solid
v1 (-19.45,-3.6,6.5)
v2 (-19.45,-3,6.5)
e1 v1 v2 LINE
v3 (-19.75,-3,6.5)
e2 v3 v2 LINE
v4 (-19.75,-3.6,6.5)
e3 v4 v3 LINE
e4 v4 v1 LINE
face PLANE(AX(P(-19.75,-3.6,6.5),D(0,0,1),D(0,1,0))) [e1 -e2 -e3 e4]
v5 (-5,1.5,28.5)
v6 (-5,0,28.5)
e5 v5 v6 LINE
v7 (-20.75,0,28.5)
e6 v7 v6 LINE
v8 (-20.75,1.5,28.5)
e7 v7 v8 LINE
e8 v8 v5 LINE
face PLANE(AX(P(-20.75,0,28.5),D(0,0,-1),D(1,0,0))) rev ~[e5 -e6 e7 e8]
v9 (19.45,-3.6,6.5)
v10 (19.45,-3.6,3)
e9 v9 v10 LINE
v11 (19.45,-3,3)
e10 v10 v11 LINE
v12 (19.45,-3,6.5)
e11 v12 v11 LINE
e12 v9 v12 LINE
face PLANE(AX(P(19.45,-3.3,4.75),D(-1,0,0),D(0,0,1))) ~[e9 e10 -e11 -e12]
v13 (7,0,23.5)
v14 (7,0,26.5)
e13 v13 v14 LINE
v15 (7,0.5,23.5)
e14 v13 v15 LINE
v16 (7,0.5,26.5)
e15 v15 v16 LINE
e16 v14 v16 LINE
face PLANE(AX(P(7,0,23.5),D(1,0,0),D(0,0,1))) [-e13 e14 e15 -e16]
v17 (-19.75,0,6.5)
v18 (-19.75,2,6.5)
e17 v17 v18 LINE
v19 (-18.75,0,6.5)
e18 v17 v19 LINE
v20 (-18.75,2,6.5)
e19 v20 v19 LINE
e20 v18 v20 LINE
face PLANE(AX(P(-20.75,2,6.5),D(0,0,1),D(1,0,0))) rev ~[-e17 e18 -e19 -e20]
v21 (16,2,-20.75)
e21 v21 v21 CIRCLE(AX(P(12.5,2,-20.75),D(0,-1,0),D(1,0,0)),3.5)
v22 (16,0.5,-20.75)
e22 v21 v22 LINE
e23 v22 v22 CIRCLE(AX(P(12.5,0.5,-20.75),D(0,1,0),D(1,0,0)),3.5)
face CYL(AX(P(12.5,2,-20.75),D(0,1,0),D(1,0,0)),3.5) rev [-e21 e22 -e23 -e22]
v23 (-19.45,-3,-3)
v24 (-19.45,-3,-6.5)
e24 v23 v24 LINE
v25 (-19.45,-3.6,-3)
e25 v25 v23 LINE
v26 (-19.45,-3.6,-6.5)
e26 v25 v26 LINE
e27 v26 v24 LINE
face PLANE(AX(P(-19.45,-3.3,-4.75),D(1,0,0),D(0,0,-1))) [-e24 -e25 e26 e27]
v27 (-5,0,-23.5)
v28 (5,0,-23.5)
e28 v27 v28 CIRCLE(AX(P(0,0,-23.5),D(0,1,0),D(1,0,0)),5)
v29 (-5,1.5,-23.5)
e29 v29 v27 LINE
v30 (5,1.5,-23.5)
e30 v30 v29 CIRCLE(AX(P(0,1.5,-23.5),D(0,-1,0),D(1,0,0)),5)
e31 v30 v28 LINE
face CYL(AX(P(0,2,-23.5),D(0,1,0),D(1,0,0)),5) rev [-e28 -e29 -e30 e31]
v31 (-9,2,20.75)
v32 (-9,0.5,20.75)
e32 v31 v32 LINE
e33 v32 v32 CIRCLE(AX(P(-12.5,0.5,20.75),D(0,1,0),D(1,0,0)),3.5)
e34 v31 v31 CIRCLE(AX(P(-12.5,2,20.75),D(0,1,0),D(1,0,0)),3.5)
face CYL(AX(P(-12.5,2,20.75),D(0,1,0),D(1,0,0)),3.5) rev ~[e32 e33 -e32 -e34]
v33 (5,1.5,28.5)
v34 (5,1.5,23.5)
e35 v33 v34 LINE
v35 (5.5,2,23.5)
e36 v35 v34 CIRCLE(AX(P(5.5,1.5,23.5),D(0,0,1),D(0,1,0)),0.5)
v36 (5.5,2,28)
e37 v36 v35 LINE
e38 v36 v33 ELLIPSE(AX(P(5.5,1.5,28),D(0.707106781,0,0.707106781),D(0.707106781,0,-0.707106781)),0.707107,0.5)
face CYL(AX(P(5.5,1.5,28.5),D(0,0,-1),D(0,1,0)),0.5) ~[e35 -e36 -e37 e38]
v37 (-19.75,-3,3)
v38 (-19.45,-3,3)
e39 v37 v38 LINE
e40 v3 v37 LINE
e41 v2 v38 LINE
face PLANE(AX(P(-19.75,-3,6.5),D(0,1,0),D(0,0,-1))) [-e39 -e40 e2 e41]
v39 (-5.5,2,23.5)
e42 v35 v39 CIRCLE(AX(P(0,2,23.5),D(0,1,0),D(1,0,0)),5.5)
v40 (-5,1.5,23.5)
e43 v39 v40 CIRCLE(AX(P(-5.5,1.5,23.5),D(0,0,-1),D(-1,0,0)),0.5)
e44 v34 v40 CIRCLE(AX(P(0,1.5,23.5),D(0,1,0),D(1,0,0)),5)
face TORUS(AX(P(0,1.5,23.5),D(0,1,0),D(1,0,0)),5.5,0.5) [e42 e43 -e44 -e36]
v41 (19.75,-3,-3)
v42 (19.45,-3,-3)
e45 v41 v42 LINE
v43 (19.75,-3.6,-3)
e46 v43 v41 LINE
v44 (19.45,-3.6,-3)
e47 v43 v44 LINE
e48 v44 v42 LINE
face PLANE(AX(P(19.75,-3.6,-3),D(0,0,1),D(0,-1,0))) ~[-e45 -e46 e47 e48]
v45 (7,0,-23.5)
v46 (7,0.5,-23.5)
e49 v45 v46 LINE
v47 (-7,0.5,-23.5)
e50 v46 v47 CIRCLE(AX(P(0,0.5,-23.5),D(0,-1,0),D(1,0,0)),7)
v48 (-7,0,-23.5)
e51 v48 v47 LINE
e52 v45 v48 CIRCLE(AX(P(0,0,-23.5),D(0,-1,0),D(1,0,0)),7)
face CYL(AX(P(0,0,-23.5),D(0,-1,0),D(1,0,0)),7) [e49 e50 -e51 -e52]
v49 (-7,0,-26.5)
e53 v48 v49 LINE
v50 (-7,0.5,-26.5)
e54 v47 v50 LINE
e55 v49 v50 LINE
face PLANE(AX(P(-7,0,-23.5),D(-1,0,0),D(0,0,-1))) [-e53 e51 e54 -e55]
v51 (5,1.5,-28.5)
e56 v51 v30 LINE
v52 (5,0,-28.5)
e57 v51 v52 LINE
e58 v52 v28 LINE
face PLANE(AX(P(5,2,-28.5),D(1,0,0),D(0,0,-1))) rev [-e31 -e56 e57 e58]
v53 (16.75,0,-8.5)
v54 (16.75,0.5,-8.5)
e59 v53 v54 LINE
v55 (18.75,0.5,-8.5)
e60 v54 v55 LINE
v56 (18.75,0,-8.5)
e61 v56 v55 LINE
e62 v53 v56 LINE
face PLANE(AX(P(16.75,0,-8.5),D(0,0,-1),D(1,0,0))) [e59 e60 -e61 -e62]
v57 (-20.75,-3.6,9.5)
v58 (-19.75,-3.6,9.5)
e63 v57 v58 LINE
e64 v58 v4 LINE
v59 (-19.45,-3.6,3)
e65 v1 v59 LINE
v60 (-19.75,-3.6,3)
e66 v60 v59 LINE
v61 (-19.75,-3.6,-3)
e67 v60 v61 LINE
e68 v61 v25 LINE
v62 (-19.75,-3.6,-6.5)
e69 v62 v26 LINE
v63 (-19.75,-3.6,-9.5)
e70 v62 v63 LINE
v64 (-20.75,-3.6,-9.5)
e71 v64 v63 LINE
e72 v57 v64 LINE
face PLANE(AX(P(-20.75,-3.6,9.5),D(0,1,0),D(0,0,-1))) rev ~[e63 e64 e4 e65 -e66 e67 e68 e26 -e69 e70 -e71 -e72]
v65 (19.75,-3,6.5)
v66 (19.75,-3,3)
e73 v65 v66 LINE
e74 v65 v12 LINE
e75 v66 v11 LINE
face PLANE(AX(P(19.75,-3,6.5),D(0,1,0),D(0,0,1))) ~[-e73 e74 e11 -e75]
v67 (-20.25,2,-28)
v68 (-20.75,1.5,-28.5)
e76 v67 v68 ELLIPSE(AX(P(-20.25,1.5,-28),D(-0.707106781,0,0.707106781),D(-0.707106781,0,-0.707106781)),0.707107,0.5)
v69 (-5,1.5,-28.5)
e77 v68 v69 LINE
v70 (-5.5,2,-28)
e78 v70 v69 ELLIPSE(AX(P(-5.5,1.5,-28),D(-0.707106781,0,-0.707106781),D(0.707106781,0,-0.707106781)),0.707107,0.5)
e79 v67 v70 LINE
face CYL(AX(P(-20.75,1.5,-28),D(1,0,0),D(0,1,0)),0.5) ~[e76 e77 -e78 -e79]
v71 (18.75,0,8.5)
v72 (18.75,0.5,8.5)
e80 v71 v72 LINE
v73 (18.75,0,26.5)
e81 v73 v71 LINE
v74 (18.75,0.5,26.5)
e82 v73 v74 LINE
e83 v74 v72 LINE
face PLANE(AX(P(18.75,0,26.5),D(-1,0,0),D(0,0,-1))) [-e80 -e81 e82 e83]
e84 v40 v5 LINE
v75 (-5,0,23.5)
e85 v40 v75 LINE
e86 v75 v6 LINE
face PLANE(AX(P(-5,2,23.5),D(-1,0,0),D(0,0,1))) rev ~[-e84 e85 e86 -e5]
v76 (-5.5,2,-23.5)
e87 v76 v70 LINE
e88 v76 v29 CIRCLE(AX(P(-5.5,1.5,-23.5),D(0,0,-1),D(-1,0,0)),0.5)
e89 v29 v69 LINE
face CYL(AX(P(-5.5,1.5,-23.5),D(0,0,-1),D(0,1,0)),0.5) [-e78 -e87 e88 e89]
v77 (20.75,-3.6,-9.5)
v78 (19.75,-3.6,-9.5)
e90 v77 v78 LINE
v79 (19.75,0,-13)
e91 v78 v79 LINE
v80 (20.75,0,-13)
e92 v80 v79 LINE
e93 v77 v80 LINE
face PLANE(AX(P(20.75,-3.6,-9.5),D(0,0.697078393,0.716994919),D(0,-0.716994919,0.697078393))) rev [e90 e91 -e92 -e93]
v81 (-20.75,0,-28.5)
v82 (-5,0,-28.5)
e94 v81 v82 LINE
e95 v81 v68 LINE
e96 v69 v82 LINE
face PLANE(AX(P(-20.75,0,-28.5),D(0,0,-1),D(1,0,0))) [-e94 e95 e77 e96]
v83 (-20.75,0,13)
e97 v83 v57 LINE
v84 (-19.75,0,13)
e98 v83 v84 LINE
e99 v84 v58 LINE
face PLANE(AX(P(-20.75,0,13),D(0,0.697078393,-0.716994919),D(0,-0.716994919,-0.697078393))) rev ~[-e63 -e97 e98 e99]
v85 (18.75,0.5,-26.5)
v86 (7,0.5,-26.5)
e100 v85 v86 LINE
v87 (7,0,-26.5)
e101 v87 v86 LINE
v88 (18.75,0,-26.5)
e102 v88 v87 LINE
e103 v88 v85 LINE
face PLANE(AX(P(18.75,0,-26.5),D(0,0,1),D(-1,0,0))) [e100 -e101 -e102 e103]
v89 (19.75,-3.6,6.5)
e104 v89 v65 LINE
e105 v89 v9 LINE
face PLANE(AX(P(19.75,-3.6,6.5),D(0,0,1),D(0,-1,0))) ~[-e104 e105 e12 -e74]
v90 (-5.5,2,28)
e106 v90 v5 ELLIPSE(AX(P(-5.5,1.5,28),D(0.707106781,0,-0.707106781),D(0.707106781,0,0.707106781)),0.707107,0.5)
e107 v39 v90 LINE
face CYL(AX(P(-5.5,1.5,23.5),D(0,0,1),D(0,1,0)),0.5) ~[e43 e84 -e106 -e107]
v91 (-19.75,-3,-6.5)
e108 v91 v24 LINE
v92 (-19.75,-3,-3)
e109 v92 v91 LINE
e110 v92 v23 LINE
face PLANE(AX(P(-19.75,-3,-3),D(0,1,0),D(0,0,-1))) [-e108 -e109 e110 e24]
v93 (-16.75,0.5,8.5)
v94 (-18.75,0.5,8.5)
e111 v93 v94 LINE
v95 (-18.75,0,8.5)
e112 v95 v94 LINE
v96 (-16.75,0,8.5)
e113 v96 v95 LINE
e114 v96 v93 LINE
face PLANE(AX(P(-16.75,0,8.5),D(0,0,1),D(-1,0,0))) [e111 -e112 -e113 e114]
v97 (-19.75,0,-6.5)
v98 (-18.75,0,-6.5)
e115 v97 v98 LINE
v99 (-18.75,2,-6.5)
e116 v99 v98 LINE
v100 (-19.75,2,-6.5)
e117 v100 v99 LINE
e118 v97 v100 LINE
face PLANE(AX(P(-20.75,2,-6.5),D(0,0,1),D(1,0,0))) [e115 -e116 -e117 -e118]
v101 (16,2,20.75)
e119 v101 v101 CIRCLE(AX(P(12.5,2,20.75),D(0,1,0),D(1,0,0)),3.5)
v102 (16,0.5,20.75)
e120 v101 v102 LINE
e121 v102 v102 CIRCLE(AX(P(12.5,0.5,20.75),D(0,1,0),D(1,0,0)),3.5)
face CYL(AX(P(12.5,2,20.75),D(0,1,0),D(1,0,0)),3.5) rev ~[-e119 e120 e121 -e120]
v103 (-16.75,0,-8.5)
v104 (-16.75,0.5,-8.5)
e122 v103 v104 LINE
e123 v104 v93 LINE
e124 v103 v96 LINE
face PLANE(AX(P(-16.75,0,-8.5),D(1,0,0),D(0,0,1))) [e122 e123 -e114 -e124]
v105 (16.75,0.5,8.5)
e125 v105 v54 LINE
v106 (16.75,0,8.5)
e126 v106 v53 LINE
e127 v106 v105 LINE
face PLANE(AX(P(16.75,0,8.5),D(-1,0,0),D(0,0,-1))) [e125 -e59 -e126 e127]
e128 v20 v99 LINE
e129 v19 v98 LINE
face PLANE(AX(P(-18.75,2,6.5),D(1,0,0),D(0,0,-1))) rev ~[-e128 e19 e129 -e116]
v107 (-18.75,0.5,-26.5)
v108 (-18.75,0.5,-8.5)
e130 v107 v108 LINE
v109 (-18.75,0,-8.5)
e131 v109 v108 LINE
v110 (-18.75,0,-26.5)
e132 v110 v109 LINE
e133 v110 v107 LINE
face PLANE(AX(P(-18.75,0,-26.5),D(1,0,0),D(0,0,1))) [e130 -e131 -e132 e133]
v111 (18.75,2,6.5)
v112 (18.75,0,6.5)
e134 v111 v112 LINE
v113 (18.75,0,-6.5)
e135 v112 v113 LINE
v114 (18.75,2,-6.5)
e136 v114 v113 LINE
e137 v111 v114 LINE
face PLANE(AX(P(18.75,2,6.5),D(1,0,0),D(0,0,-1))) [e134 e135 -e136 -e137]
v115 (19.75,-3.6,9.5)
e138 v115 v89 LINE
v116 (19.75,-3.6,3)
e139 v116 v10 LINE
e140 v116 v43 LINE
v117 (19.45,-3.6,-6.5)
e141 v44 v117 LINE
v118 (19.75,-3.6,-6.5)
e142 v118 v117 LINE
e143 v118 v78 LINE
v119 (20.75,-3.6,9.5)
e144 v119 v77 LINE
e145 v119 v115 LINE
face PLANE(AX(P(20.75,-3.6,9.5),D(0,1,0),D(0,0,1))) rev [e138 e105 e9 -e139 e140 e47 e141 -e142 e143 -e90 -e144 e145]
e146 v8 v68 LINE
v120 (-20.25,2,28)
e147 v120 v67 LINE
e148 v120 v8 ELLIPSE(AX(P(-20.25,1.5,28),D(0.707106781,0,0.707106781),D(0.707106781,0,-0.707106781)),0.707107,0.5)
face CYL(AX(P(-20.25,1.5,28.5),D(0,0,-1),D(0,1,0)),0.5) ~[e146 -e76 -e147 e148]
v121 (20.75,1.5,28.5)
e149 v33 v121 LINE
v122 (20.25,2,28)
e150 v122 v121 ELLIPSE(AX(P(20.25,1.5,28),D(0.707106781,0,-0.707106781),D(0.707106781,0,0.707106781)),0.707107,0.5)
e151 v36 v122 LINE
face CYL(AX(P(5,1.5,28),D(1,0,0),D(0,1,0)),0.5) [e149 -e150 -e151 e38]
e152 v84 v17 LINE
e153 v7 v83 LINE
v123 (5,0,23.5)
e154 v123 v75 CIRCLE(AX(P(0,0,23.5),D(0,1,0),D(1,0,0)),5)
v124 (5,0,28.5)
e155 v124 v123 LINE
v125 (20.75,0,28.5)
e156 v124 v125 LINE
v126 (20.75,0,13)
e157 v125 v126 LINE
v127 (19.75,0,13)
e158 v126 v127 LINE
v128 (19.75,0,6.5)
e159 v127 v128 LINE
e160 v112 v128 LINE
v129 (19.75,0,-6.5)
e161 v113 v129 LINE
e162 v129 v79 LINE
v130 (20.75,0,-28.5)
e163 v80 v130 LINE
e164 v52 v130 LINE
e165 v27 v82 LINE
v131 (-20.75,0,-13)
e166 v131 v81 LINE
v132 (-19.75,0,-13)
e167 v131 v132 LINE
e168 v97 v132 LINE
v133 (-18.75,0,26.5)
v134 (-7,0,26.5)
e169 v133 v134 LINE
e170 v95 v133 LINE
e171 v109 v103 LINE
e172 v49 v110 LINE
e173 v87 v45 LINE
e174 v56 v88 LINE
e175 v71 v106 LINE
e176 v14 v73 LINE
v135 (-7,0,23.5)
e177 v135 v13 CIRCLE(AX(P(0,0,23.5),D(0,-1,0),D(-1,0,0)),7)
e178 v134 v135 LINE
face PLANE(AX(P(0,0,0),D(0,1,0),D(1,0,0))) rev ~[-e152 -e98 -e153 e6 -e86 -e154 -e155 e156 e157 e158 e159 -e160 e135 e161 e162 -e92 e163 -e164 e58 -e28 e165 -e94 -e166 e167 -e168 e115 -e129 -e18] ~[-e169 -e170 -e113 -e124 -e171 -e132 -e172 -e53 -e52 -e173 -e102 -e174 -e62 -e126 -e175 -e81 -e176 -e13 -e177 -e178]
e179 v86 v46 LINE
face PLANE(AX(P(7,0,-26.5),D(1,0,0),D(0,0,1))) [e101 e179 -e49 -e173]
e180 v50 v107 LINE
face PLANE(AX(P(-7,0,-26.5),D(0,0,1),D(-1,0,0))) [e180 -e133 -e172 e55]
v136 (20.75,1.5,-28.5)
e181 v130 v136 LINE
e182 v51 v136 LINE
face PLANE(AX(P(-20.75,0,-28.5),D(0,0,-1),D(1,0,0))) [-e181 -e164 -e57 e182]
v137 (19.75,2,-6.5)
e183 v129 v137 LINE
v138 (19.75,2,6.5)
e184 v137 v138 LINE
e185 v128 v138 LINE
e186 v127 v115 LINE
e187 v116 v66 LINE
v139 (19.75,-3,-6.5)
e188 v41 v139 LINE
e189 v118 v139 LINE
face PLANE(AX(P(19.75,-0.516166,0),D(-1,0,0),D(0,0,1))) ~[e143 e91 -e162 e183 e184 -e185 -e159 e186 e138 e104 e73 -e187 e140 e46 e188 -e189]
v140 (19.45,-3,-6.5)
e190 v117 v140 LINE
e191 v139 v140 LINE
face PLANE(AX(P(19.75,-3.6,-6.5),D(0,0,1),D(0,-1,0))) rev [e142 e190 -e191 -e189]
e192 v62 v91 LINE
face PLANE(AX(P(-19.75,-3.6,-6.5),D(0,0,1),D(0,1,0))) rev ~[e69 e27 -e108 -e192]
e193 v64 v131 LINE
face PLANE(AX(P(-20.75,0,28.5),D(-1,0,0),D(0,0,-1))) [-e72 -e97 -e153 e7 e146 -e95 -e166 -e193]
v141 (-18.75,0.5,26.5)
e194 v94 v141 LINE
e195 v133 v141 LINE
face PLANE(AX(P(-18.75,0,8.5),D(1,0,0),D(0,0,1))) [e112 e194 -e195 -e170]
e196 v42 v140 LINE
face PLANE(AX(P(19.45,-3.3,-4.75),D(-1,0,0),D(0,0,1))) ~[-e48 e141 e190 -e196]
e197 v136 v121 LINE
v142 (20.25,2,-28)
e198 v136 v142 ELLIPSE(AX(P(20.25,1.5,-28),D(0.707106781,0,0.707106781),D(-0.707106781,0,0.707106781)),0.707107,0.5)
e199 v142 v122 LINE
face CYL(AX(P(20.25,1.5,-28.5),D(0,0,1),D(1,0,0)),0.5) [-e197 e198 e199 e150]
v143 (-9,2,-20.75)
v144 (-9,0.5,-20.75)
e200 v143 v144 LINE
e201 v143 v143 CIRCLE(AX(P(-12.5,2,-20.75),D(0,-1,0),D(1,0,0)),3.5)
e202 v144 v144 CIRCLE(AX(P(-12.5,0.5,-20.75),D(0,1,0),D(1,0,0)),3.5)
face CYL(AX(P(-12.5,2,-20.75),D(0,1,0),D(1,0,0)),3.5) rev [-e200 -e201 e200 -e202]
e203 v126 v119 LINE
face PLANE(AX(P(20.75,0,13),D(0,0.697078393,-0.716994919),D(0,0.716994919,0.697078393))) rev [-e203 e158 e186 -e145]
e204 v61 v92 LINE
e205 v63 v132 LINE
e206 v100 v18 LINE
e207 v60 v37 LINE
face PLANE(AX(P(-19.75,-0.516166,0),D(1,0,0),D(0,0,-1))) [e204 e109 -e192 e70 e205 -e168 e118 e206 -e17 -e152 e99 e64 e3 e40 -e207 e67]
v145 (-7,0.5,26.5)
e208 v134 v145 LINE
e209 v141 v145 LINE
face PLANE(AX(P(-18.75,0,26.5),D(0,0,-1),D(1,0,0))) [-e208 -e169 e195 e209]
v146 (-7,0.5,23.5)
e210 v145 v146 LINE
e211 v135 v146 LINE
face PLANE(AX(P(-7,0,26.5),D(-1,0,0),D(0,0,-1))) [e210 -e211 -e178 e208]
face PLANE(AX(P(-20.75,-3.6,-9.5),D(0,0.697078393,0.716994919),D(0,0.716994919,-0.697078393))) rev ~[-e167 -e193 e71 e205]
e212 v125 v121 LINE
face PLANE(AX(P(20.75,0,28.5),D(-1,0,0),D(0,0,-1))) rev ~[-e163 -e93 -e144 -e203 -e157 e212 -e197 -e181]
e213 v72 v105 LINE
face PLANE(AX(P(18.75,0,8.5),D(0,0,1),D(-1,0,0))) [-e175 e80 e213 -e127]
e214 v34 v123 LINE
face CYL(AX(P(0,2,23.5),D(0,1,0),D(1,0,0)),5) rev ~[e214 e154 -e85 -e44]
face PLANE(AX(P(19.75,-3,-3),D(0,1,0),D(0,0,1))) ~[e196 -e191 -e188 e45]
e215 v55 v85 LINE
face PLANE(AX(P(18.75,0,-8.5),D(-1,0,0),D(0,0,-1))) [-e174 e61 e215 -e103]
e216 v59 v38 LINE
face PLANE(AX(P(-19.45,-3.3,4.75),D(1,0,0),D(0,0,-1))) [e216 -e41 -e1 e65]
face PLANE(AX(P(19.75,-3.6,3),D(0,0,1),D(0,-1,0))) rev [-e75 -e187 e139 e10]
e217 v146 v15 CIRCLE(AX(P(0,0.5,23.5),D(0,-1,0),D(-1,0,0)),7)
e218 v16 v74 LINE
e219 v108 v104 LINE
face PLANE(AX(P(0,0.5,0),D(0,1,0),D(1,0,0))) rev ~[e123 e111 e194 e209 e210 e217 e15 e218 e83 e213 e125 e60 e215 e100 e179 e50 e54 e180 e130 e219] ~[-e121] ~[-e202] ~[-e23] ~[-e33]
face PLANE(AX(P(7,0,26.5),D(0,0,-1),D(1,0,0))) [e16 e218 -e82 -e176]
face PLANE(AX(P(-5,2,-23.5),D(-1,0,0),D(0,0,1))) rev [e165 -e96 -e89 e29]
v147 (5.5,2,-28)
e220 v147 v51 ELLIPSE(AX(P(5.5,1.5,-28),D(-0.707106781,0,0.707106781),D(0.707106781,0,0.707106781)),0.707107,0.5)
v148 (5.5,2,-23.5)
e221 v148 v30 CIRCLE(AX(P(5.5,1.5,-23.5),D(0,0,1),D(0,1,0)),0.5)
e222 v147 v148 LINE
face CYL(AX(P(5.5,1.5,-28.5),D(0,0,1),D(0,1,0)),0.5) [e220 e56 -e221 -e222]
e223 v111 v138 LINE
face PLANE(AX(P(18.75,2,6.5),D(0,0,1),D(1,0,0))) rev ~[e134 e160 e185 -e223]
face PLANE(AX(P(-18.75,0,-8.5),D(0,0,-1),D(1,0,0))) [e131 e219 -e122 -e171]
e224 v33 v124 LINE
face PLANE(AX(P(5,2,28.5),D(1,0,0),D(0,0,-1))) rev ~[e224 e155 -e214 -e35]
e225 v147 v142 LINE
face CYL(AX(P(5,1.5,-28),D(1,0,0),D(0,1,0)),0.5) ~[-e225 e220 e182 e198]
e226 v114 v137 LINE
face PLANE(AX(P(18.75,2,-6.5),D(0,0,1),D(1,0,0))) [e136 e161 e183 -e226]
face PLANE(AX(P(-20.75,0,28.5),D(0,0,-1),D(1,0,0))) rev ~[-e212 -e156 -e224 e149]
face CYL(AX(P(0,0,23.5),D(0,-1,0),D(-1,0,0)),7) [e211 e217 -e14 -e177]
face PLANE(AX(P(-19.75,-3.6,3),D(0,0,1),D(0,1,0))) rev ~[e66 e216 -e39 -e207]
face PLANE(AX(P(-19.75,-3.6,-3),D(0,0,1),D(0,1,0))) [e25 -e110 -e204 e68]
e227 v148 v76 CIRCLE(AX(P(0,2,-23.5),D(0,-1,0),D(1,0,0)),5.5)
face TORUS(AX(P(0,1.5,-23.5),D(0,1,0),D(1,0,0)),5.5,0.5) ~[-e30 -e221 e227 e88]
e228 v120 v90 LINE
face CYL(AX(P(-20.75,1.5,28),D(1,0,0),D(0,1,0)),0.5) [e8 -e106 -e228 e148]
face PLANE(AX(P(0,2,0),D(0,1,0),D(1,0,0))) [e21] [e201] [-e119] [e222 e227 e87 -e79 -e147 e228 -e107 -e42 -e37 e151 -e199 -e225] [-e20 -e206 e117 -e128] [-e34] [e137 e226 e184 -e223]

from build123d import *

# Parameters (mm, degrees)
SKETCH1_W           = 41.5
SKETCH1_H           = 57
BOSS_EXTRUDE1_DEPTH = 2
CUT_EXTRUDE1_DEPTH  = 3
SKETCH3_R           = 3.5
CUT_EXTRUDE2_DEPTH  = 3
SKETCH4_W           = 2
SKETCH4_H           = 13
CUT_EXTRUDE3_DEPTH  = 3
CUT_EXTRUDE4_DEPTH  = 0.5
BOSS_EXTRUDE2_DEPTH = 1
SKETCH7_W           = 3.5
SKETCH7_H           = 0.6
BOSS_EXTRUDE3_DEPTH = 0.3
FILLET1_R           = 0.5


with BuildPart() as part:
    # Sketch1 → Boss-Extrude1 (new body)
    with BuildSketch(Plane(origin=(0, 0, 0), x_dir=(1, 0, 0), z_dir=(0, 1, 0))):
        Rectangle(SKETCH1_W, SKETCH1_H)
    extrude(amount=BOSS_EXTRUDE1_DEPTH)

    # Sketch2 → Cut-Extrude1 (cut, through all)
    with BuildSketch(Plane(origin=(0, 2, 0), x_dir=(1, 0, 0), z_dir=(0, 1, 0))):
        with BuildLine():
            Line((-5, -23.5), (-5, -28.5))
            Line((-5, -28.5), (5, -28.5))
            Line((5, -28.5), (5, -23.5))
            ThreePointArc((5, -23.5), (0, -18.5), (-5, -23.5))
        make_face()
    cut_extrude1 = extrude(amount=-CUT_EXTRUDE1_DEPTH, mode=Mode.SUBTRACT)

    # Sketch3 → Cut-Extrude2 (cut, through all)
    with BuildSketch(Plane(origin=(0, 2, 0), x_dir=(1, 0, 0), z_dir=(0, 1, 0))):
        with Locations((-12.5, -20.75)):
            Circle(SKETCH3_R)
        with Locations((12.5, -20.75)):
            Circle(SKETCH3_R)
    cut_extrude2 = extrude(amount=-CUT_EXTRUDE2_DEPTH, mode=Mode.SUBTRACT)

    # Mirror1: Cut-Extrude1, Cut-Extrude2 across plane
    add(cut_extrude1.mirror(Plane.XY), mode=Mode.SUBTRACT)
    add(cut_extrude2.mirror(Plane.XY), mode=Mode.SUBTRACT)

    # Sketch4 → Cut-Extrude3 (cut, through all)
    with BuildSketch(Plane(origin=(0, 2, 0), x_dir=(1, 0, 0), z_dir=(0, 1, 0))):
        with Locations((-19.75, 0)):
            Rectangle(SKETCH4_W, SKETCH4_H)
        with Locations((19.75, 0)):
            Rectangle(SKETCH4_W, SKETCH4_H)
    extrude(amount=-CUT_EXTRUDE3_DEPTH, mode=Mode.SUBTRACT)

    # Sketch5 → Cut-Extrude4 (cut)
    with BuildSketch(Plane(origin=(0, 0, 0), x_dir=(1, 0, 0), z_dir=(0, 1, 0))):
        with BuildLine():
            Line((-18.75, 26.5), (-18.75, 8.5))
            Line((-18.75, 8.5), (-16.75, 8.5))
            Line((-16.75, 8.5), (-16.75, -8.5))
            Line((-16.75, -8.5), (-18.75, -8.5))
            Line((-18.75, -8.5), (-18.75, -26.5))
            Line((-18.75, -26.5), (-7, -26.5))
            Line((-7, -26.5), (-7, -23.5))
            ThreePointArc((-7, -23.5), (0, -16.5), (7, -23.5))
            Line((7, -23.5), (7, -26.5))
            Line((7, -26.5), (18.75, -26.5))
            Line((18.75, -26.5), (18.75, -8.5))
            Line((18.75, -8.5), (16.75, -8.5))
            Line((16.75, -8.5), (16.75, 8.5))
            Line((16.75, 8.5), (18.75, 8.5))
            Line((18.75, 8.5), (18.75, 26.5))
            Line((18.75, 26.5), (7, 26.5))
            Line((7, 26.5), (7, 23.5))
            ThreePointArc((7, 23.5), (0, 16.5), (-7, 23.5))
            Line((-7, 23.5), (-7, 26.5))
            Line((-7, 26.5), (-18.75, 26.5))
        make_face()
    extrude(amount=CUT_EXTRUDE4_DEPTH, mode=Mode.SUBTRACT)

    # Sketch6 → Boss-Extrude2 (add)
    with BuildSketch(Plane.ZY.offset(20.75)):
        Polygon((-13, 2), (13, 2), (13, 0), (9.5, -3.6), (-9.5, -3.6), (-13, 0), align=None)
    boss_extrude2 = extrude(amount=-BOSS_EXTRUDE2_DEPTH)

    # Sketch7 → Boss-Extrude3 (add)
    with BuildSketch(Plane(origin=(-19.75, 0, 0), x_dir=(0, 0, -1), z_dir=(1, 0, 0))):
        with Locations((-4.75, -3.3)):
            Rectangle(SKETCH7_W, SKETCH7_H)
        with Locations((4.75, -3.3)):
            Rectangle(SKETCH7_W, SKETCH7_H)
    boss_extrude3 = extrude(amount=BOSS_EXTRUDE3_DEPTH)

    # Mirror2: Boss-Extrude2, Boss-Extrude3 across plane
    add(boss_extrude2.mirror(Plane(origin=(0, 0, 0), x_dir=(0, 0, 1), z_dir=(1, 0, 0))))
    add(boss_extrude3.mirror(Plane(origin=(0, 0, 0), x_dir=(0, 0, 1), z_dir=(1, 0, 0))))

    # Fillet1
    fillet1_edges = [part.edges().sort_by_distance(p)[0] for p in [
        (-20.75, 2, 0),
        (-12.875, 2, 28.5),
        (12.875, 2, 28.5),
        (5, 2, 26),
        (0, 2, 18.5),
        (-5, 2, 26),
        (20.75, 2, 0),
        (-12.875, 2, -28.5),
        (5, 2, -26),
        (0, 2, -18.5),
        (-5, 2, -26),
        (12.875, 2, -28.5),
    ]]
    fillet(fillet1_edges, radius=FILLET1_R)


solid = part.part
